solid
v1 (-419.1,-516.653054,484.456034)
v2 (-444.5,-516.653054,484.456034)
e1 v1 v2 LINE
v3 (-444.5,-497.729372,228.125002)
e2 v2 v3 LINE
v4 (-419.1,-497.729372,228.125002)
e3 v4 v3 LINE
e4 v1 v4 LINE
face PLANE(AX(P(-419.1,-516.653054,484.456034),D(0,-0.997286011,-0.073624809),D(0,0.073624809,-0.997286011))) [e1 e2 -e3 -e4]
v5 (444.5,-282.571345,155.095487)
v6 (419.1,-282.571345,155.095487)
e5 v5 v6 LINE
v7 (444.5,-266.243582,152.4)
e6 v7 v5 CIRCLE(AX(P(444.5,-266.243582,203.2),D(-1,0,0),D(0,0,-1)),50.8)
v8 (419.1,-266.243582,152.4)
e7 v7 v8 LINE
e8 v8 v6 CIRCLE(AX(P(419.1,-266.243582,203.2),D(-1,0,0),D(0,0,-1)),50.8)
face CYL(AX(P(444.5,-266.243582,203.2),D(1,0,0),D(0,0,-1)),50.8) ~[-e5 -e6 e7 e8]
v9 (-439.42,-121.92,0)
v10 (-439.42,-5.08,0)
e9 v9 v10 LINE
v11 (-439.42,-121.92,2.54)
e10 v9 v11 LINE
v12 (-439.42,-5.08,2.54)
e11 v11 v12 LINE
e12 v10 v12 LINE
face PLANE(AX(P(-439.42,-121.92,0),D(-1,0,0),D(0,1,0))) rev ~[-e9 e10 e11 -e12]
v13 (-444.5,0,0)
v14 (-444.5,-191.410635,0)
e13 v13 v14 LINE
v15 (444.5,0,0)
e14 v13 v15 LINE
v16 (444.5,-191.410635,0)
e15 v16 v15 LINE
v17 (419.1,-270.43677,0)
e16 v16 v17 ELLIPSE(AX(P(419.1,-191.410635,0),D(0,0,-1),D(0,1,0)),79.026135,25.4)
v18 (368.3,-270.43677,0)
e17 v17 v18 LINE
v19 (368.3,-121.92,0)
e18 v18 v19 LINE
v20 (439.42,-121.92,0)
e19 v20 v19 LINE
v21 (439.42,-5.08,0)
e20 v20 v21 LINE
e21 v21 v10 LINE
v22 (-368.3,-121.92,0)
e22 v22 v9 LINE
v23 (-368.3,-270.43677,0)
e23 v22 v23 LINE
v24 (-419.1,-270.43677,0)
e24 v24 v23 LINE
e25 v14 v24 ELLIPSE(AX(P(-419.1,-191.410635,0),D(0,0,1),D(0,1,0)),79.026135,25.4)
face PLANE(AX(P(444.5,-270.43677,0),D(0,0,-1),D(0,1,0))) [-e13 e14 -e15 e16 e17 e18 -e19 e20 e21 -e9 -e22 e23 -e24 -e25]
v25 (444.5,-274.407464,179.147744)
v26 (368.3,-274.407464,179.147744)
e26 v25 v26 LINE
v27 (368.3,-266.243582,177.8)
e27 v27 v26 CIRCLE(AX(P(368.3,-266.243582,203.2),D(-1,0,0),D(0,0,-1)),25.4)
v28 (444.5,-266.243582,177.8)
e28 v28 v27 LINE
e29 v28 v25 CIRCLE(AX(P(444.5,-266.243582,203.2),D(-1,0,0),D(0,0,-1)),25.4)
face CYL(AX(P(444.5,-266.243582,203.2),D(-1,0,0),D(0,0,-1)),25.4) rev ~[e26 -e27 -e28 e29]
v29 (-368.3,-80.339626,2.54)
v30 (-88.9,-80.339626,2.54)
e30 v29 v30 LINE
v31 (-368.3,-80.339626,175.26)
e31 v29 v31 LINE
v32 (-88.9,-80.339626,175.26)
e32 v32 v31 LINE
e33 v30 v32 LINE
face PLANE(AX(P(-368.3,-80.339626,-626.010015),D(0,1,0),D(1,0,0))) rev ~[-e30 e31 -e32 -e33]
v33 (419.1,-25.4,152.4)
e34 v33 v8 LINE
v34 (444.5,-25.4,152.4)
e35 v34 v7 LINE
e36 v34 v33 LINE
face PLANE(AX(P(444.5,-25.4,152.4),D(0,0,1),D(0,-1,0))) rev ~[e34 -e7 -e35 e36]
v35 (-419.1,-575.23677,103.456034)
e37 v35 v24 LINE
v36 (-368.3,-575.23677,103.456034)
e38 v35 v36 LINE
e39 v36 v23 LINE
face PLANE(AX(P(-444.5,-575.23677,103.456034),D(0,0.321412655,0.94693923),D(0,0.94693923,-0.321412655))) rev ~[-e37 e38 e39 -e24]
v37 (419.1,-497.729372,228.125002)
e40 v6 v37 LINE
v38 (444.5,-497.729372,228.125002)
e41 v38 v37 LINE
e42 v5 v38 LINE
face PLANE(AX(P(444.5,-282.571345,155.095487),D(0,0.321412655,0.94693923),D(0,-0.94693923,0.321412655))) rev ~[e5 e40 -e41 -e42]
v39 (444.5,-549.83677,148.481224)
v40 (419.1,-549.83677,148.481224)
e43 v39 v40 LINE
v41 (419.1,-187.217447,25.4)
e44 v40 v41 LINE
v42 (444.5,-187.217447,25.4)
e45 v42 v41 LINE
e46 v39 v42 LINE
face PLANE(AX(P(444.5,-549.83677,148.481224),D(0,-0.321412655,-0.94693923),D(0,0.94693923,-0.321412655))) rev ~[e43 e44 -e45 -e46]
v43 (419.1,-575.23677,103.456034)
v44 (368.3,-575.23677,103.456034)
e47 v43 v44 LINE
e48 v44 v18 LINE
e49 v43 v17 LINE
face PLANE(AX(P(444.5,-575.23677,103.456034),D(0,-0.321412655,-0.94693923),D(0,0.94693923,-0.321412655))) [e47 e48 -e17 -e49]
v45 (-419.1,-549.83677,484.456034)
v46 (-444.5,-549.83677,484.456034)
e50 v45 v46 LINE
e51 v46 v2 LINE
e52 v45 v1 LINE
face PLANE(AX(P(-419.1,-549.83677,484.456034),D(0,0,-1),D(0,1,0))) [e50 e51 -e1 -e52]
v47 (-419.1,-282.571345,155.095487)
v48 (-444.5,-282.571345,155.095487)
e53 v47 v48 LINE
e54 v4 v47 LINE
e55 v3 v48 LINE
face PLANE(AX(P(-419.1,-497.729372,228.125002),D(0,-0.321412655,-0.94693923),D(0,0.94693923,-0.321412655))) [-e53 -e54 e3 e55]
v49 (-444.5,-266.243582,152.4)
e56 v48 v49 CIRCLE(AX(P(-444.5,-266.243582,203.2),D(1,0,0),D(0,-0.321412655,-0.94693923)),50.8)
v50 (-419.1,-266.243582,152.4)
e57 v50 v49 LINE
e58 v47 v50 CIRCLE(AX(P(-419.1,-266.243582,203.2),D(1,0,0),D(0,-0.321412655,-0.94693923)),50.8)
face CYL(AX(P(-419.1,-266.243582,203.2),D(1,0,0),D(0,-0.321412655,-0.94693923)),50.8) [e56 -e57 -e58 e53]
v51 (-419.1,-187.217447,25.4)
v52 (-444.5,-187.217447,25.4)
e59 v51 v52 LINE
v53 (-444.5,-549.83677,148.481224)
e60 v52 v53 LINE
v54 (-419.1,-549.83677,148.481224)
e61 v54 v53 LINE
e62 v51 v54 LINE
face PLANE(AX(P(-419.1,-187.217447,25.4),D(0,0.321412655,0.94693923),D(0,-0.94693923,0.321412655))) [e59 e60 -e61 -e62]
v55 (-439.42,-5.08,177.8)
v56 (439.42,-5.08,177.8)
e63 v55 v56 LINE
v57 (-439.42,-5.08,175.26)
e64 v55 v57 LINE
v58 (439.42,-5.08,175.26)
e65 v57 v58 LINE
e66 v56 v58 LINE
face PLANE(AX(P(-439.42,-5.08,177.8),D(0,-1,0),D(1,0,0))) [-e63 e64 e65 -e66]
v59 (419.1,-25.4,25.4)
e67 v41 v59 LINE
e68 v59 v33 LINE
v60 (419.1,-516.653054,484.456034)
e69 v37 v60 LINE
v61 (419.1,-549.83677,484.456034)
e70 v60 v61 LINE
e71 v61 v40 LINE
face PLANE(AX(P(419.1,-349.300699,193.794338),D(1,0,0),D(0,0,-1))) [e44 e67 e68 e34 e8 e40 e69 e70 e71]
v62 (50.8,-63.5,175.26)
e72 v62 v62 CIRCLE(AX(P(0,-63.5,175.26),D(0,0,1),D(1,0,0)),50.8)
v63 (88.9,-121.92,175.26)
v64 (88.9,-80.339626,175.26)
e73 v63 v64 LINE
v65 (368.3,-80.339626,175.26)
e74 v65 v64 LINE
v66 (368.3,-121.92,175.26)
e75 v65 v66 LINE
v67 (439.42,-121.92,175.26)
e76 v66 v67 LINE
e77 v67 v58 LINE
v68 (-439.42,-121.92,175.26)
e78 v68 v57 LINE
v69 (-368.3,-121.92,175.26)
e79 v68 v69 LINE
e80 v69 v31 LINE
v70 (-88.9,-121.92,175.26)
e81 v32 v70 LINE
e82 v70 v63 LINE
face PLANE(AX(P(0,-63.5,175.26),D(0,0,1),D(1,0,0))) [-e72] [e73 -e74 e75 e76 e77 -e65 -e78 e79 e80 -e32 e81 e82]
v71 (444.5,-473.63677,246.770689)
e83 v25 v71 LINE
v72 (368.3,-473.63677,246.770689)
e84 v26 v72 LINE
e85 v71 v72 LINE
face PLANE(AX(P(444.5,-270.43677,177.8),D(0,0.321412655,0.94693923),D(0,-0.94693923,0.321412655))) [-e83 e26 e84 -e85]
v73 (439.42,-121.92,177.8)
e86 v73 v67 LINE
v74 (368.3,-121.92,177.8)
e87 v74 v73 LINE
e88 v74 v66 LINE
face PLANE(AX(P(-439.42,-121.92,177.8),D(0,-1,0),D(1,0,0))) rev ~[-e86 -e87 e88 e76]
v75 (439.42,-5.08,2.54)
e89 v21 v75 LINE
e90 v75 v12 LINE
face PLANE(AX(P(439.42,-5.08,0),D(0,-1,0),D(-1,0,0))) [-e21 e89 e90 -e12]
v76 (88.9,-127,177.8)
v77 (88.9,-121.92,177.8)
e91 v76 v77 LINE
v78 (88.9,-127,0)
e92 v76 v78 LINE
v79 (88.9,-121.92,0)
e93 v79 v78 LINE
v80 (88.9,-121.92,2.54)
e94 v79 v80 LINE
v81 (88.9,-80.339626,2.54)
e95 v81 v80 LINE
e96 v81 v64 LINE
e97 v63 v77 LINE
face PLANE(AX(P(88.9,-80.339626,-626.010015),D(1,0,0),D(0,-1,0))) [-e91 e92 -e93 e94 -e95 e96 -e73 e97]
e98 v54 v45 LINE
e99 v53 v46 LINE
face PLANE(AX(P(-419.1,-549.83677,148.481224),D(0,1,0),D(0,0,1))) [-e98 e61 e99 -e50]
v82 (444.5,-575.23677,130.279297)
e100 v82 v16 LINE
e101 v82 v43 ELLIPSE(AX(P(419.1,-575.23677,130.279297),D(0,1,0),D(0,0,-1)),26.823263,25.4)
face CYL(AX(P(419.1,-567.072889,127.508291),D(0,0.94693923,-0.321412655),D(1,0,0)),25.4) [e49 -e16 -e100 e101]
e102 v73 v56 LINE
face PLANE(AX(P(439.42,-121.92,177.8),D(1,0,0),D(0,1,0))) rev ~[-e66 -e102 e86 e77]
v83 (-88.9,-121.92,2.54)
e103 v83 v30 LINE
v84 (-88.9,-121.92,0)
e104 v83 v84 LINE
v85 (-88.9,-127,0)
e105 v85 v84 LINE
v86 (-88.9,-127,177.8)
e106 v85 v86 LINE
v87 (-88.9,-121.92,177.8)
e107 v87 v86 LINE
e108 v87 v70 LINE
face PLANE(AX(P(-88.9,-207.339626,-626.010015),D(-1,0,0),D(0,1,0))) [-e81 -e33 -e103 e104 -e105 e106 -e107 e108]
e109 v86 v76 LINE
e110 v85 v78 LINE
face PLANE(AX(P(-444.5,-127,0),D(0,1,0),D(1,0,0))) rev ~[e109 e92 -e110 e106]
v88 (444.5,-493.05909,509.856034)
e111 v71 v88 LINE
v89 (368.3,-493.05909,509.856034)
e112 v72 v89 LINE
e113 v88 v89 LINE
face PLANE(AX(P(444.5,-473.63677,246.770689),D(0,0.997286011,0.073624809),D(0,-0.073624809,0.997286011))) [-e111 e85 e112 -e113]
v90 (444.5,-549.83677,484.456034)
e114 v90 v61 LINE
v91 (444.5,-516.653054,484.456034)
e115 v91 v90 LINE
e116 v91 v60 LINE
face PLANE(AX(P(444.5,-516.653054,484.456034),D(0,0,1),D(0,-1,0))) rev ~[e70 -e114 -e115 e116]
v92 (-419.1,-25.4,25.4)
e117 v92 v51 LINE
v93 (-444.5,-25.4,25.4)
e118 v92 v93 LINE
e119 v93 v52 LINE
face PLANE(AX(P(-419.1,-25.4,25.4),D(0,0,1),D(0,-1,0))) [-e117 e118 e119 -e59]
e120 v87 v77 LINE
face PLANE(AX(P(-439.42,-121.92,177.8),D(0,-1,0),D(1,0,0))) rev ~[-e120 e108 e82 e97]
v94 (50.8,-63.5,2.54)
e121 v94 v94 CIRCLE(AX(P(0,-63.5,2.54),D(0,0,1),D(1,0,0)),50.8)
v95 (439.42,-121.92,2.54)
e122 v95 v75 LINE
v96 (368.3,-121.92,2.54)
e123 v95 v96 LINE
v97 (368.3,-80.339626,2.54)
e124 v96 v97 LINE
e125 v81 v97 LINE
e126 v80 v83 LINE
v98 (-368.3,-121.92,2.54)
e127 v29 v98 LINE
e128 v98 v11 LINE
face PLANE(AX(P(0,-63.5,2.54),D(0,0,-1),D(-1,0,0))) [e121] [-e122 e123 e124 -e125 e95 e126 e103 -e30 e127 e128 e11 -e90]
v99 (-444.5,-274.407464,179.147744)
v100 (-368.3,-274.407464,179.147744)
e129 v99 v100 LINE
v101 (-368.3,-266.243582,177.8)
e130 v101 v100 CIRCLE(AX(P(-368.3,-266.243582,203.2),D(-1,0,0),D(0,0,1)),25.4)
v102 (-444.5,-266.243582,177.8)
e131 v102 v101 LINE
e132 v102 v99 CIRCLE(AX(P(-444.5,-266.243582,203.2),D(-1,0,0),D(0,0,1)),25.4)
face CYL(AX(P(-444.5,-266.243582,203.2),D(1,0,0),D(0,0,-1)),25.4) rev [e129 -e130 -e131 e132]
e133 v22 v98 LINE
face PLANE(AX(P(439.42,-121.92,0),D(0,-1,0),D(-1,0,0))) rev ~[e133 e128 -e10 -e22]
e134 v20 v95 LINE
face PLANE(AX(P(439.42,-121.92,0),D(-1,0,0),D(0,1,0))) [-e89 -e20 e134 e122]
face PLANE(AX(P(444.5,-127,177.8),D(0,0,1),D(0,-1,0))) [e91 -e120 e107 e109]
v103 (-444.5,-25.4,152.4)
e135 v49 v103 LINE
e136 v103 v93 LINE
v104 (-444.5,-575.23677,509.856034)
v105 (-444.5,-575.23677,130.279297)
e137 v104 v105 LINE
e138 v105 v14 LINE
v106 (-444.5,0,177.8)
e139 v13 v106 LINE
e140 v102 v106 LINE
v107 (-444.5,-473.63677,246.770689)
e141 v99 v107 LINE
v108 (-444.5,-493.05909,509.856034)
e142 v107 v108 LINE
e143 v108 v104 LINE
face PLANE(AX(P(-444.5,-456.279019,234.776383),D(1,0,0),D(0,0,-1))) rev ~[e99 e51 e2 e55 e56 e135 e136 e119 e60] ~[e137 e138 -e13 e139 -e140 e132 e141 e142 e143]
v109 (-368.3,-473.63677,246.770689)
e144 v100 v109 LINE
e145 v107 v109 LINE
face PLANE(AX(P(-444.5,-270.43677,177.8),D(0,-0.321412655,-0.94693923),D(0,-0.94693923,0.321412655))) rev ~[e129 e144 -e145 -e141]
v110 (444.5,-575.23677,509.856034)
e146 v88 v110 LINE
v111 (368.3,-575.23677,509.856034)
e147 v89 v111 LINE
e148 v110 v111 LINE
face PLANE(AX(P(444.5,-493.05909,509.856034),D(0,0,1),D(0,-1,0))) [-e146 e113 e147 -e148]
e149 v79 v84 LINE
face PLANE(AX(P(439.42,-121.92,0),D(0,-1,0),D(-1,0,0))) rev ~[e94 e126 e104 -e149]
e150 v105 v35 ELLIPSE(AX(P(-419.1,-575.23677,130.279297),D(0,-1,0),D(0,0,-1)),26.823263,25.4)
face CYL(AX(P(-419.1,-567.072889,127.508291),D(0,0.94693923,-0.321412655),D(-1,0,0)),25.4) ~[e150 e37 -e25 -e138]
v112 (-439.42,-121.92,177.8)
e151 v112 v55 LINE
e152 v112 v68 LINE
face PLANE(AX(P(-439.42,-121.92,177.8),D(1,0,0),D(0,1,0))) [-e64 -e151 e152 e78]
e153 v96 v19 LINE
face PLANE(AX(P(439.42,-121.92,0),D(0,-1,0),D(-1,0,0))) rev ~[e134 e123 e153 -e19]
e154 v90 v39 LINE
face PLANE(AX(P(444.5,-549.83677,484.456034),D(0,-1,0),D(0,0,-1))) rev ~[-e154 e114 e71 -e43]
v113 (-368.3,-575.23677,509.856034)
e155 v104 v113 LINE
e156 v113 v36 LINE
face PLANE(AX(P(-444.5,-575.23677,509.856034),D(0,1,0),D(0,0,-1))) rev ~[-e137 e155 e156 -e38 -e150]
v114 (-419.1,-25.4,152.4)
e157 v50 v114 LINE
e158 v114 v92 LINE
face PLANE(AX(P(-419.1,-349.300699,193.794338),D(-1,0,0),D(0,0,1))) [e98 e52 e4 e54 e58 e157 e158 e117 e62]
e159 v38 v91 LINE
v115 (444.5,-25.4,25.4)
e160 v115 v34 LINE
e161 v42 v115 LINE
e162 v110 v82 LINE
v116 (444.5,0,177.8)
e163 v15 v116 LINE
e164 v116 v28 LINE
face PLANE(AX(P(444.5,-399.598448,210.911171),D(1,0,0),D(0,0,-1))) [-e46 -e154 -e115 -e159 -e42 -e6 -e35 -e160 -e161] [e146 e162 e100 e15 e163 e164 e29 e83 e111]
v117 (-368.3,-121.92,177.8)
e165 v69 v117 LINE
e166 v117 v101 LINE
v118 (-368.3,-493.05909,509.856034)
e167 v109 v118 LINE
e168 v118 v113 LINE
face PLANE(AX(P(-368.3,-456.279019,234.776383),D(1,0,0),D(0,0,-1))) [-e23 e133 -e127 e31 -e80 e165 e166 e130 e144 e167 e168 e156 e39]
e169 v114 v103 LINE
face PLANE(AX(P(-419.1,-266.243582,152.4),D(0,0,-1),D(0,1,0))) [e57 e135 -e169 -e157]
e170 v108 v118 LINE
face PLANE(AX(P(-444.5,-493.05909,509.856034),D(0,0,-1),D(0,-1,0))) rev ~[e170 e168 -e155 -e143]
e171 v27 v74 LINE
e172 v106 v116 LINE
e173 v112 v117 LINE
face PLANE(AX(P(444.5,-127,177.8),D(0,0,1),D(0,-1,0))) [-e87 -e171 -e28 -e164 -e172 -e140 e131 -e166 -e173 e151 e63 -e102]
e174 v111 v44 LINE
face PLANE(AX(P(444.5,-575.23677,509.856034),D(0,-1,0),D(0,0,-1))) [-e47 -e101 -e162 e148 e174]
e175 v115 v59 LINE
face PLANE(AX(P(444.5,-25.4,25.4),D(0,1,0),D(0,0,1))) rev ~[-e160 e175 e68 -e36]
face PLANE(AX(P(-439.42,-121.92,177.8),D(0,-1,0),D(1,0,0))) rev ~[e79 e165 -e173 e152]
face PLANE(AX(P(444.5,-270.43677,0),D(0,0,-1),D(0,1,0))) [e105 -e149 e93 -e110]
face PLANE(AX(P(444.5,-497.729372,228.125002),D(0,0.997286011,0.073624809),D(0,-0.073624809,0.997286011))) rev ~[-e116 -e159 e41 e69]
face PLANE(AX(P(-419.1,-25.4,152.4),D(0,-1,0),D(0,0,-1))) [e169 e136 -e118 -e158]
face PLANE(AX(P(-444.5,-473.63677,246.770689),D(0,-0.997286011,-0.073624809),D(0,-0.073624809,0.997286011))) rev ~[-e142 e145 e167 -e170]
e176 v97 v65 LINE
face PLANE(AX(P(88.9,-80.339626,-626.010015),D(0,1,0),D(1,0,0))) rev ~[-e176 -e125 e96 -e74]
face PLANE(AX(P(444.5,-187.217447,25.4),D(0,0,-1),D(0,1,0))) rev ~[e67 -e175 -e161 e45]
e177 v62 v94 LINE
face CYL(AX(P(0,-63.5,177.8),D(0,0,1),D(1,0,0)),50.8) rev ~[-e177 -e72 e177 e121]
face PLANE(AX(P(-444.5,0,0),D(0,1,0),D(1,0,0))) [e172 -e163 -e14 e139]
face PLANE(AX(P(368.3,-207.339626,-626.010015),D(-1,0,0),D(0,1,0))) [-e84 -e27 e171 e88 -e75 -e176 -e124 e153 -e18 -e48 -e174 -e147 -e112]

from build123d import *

# Parameters (mm, degrees)
SKETCH1_W               = 889
SKETCH1_H               = 127
BOSS_EXTRUDE1_DEPTH     = 177.8
SKETCH2_R               = 50.8
CUT_EXTRUDE1_DEPTH      = 496.3
SKETCH3_W               = 878.84
SKETCH3_H               = 116.84
SKETCH3_R               = 50.8
CUT_EXTRUDE2_DEPTH      = 2.54
SKETCH4_W               = 878.84
SKETCH4_H               = 116.84
CUT_EXTRUDE3_DEPTH      = 2.54
SKETCH5_W               = 177.8
SKETCH5_H               = 143.436769994
BOSS_EXTRUDE2_DEPTH     = 76.2
BOSS_EXTRUDE3_DEPTH     = 76.2
FILLET1_R               = 25.4
FILLET2_R               = 25.4
FILLET5_R               = 25.4
FILLET6_R               = 25.4
CUT_EXTRUDE5_DEPTH      = 25.4
CUT_EXTRUDE6_START      = -25.4
CUT_EXTRUDE6_DEPTH      = 25.4
CUT_EXTRUDE7_DEPTH      = 25.4
CUT_EXTRUDE7_DEPTH_BACK = 801.270015469
SKETCH12_W              = 279.4
SKETCH12_H              = 41.580374328
SKETCH12_H_2            = 85.419625672


with BuildPart() as part:
    # Sketch1 → Boss-Extrude1 (new body)
    with BuildSketch(Plane.XY):
        with Locations((0, -63.5)):
            Rectangle(SKETCH1_W, SKETCH1_H)
    extrude(amount=BOSS_EXTRUDE1_DEPTH)

    # Sketch2 → Cut-Extrude1 (cut, through all)
    with BuildSketch(Plane.XY.offset(177.8)):
        with Locations((0, -63.5)):
            Circle(SKETCH2_R)
    extrude(amount=-CUT_EXTRUDE1_DEPTH, mode=Mode.SUBTRACT)

    # Sketch3 → Cut-Extrude2 (cut)
    with BuildSketch(Plane.XY.offset(177.8)):
        with Locations((0, -63.5)):
            Rectangle(SKETCH3_W, SKETCH3_H)
        with Locations((0, -63.5)):
            Circle(SKETCH3_R, mode=Mode.SUBTRACT)
    extrude(amount=-CUT_EXTRUDE2_DEPTH, mode=Mode.SUBTRACT)

    # Sketch4 → Cut-Extrude3 (cut)
    with BuildSketch(Plane(origin=(0, 0, 0), x_dir=(-1, 0, 0), z_dir=(0, 0, -1))):
        with Locations((0, -63.5)):
            Rectangle(SKETCH4_W, SKETCH4_H)
    extrude(amount=-CUT_EXTRUDE3_DEPTH, mode=Mode.SUBTRACT)

    # Sketch5 → Boss-Extrude2 (add)
    with BuildSketch(Plane.ZY.offset(444.5)):
        Polygon((509.856034206, -575.236769994), (103.456034206, -575.236769994), (0, -270.436769994), (177.8, -270.436769994), (246.770689471, -473.636769994), (509.856034206, -493.059090132), align=None)
        with Locations((88.9, -198.718384997)):
            Rectangle(SKETCH5_W, SKETCH5_H)
    extrude(amount=-BOSS_EXTRUDE2_DEPTH)

    # Sketch8 → Boss-Extrude3 (add)
    with BuildSketch(Plane(origin=(444.5, 0, 0), x_dir=(0, 0, -1), z_dir=(1, 0, 0))):
        Polygon((-509.856034206, -575.236769994), (-103.456034206, -575.236769994), (0, -270.436769994), (0, -127), (-177.8, -127), (-177.8, -270.436769994), (-246.770689471, -473.636769994), (-509.856034206, -493.059090132), align=None)
    extrude(amount=-BOSS_EXTRUDE3_DEPTH)

    # Fillet1
    fillet1_edges = [part.edges().sort_by_distance(p)[0] for p in [
        (-406.4, -270.436769994, 177.8),
    ]]
    fillet(fillet1_edges, radius=FILLET1_R)

    # Fillet2
    fillet2_edges = [part.edges().sort_by_distance(p)[0] for p in [
        (406.4, -270.436769994, 177.8),
    ]]
    fillet(fillet2_edges, radius=FILLET2_R)

    # Fillet5
    fillet5_edges = [part.edges().sort_by_distance(p)[0] for p in [
        (444.5, -422.836769994, 51.728017103),
    ]]
    fillet(fillet5_edges, radius=FILLET5_R)

    # Fillet6
    fillet6_edges = [part.edges().sort_by_distance(p)[0] for p in [
        (-444.5, -422.836769994, 51.728017103),
    ]]
    fillet(fillet6_edges, radius=FILLET6_R)

    # Sketch10 → Cut-Extrude5 (cut)
    with BuildSketch(Plane(origin=(444.5, 0, 0), x_dir=(0, 0, -1), z_dir=(1, 0, 0))):
        with BuildLine():
            Line((-484.456034206, -549.836769994), (-148.481224008, -549.836769994))
            Line((-148.481224008, -549.836769994), (-25.4, -187.217447055))
            Line((-25.4, -187.217447055), (-25.4, -25.4))
            Line((-25.4, -25.4), (-152.4, -25.4))
            Line((-152.4, -25.4), (-152.4, -266.243582389))
            ThreePointArc((-152.4, -266.243582389), (-153.078401591, -274.517962908), (-155.095487125, -282.571345281))
            Line((-155.095487125, -282.571345281), (-228.125002086, -497.729371886))
            Line((-228.125002086, -497.729371886), (-484.456034206, -516.653053752))
            Line((-484.456034206, -516.653053752), (-484.456034206, -549.836769994))
        make_face()
    extrude(amount=-CUT_EXTRUDE5_DEPTH, mode=Mode.SUBTRACT)

    # Sketch11 → Cut-Extrude6 (cut)
    with BuildSketch(Plane.ZY.offset(444.5).offset(CUT_EXTRUDE6_START)):
        with BuildLine():
            Line((25.4, -25.4), (25.4, -187.217447055))
            Line((25.4, -187.217447055), (148.481224008, -549.836769994))
            Line((148.481224008, -549.836769994), (484.456034206, -549.836769994))
            Line((484.456034206, -549.836769994), (484.456034206, -516.653053752))
            Line((484.456034206, -516.653053752), (228.125002086, -497.729371886))
            Line((228.125002086, -497.729371886), (155.095487125, -282.571345281))
            ThreePointArc((155.095487125, -282.571345281), (153.078401591, -274.517962908), (152.4, -266.243582389))
            Line((152.4, -266.243582389), (152.4, -25.4))
            Line((152.4, -25.4), (25.4, -25.4))
        make_face()
    extrude(amount=CUT_EXTRUDE6_DEPTH, mode=Mode.SUBTRACT)

    # Sketch12 → Cut-Extrude7 (cut, two sides: drawn at the far end of the back side and taken through both)
    with BuildSketch(Plane.XY.offset(175.26).offset(-CUT_EXTRUDE7_DEPTH_BACK)):
        with Locations((-228.6, -101.129812836)):
            Rectangle(SKETCH12_W, SKETCH12_H)
        with Locations((-228.6, -164.629812836)):
            Rectangle(SKETCH12_W, SKETCH12_H_2)
        with Locations((228.6, -101.129812836)):
            Rectangle(SKETCH12_W, SKETCH12_H)
        with Locations((228.6, -164.629812836)):
            Rectangle(SKETCH12_W, SKETCH12_H_2)
    extrude(amount=CUT_EXTRUDE7_DEPTH + CUT_EXTRUDE7_DEPTH_BACK, mode=Mode.SUBTRACT)


solid = part.part
